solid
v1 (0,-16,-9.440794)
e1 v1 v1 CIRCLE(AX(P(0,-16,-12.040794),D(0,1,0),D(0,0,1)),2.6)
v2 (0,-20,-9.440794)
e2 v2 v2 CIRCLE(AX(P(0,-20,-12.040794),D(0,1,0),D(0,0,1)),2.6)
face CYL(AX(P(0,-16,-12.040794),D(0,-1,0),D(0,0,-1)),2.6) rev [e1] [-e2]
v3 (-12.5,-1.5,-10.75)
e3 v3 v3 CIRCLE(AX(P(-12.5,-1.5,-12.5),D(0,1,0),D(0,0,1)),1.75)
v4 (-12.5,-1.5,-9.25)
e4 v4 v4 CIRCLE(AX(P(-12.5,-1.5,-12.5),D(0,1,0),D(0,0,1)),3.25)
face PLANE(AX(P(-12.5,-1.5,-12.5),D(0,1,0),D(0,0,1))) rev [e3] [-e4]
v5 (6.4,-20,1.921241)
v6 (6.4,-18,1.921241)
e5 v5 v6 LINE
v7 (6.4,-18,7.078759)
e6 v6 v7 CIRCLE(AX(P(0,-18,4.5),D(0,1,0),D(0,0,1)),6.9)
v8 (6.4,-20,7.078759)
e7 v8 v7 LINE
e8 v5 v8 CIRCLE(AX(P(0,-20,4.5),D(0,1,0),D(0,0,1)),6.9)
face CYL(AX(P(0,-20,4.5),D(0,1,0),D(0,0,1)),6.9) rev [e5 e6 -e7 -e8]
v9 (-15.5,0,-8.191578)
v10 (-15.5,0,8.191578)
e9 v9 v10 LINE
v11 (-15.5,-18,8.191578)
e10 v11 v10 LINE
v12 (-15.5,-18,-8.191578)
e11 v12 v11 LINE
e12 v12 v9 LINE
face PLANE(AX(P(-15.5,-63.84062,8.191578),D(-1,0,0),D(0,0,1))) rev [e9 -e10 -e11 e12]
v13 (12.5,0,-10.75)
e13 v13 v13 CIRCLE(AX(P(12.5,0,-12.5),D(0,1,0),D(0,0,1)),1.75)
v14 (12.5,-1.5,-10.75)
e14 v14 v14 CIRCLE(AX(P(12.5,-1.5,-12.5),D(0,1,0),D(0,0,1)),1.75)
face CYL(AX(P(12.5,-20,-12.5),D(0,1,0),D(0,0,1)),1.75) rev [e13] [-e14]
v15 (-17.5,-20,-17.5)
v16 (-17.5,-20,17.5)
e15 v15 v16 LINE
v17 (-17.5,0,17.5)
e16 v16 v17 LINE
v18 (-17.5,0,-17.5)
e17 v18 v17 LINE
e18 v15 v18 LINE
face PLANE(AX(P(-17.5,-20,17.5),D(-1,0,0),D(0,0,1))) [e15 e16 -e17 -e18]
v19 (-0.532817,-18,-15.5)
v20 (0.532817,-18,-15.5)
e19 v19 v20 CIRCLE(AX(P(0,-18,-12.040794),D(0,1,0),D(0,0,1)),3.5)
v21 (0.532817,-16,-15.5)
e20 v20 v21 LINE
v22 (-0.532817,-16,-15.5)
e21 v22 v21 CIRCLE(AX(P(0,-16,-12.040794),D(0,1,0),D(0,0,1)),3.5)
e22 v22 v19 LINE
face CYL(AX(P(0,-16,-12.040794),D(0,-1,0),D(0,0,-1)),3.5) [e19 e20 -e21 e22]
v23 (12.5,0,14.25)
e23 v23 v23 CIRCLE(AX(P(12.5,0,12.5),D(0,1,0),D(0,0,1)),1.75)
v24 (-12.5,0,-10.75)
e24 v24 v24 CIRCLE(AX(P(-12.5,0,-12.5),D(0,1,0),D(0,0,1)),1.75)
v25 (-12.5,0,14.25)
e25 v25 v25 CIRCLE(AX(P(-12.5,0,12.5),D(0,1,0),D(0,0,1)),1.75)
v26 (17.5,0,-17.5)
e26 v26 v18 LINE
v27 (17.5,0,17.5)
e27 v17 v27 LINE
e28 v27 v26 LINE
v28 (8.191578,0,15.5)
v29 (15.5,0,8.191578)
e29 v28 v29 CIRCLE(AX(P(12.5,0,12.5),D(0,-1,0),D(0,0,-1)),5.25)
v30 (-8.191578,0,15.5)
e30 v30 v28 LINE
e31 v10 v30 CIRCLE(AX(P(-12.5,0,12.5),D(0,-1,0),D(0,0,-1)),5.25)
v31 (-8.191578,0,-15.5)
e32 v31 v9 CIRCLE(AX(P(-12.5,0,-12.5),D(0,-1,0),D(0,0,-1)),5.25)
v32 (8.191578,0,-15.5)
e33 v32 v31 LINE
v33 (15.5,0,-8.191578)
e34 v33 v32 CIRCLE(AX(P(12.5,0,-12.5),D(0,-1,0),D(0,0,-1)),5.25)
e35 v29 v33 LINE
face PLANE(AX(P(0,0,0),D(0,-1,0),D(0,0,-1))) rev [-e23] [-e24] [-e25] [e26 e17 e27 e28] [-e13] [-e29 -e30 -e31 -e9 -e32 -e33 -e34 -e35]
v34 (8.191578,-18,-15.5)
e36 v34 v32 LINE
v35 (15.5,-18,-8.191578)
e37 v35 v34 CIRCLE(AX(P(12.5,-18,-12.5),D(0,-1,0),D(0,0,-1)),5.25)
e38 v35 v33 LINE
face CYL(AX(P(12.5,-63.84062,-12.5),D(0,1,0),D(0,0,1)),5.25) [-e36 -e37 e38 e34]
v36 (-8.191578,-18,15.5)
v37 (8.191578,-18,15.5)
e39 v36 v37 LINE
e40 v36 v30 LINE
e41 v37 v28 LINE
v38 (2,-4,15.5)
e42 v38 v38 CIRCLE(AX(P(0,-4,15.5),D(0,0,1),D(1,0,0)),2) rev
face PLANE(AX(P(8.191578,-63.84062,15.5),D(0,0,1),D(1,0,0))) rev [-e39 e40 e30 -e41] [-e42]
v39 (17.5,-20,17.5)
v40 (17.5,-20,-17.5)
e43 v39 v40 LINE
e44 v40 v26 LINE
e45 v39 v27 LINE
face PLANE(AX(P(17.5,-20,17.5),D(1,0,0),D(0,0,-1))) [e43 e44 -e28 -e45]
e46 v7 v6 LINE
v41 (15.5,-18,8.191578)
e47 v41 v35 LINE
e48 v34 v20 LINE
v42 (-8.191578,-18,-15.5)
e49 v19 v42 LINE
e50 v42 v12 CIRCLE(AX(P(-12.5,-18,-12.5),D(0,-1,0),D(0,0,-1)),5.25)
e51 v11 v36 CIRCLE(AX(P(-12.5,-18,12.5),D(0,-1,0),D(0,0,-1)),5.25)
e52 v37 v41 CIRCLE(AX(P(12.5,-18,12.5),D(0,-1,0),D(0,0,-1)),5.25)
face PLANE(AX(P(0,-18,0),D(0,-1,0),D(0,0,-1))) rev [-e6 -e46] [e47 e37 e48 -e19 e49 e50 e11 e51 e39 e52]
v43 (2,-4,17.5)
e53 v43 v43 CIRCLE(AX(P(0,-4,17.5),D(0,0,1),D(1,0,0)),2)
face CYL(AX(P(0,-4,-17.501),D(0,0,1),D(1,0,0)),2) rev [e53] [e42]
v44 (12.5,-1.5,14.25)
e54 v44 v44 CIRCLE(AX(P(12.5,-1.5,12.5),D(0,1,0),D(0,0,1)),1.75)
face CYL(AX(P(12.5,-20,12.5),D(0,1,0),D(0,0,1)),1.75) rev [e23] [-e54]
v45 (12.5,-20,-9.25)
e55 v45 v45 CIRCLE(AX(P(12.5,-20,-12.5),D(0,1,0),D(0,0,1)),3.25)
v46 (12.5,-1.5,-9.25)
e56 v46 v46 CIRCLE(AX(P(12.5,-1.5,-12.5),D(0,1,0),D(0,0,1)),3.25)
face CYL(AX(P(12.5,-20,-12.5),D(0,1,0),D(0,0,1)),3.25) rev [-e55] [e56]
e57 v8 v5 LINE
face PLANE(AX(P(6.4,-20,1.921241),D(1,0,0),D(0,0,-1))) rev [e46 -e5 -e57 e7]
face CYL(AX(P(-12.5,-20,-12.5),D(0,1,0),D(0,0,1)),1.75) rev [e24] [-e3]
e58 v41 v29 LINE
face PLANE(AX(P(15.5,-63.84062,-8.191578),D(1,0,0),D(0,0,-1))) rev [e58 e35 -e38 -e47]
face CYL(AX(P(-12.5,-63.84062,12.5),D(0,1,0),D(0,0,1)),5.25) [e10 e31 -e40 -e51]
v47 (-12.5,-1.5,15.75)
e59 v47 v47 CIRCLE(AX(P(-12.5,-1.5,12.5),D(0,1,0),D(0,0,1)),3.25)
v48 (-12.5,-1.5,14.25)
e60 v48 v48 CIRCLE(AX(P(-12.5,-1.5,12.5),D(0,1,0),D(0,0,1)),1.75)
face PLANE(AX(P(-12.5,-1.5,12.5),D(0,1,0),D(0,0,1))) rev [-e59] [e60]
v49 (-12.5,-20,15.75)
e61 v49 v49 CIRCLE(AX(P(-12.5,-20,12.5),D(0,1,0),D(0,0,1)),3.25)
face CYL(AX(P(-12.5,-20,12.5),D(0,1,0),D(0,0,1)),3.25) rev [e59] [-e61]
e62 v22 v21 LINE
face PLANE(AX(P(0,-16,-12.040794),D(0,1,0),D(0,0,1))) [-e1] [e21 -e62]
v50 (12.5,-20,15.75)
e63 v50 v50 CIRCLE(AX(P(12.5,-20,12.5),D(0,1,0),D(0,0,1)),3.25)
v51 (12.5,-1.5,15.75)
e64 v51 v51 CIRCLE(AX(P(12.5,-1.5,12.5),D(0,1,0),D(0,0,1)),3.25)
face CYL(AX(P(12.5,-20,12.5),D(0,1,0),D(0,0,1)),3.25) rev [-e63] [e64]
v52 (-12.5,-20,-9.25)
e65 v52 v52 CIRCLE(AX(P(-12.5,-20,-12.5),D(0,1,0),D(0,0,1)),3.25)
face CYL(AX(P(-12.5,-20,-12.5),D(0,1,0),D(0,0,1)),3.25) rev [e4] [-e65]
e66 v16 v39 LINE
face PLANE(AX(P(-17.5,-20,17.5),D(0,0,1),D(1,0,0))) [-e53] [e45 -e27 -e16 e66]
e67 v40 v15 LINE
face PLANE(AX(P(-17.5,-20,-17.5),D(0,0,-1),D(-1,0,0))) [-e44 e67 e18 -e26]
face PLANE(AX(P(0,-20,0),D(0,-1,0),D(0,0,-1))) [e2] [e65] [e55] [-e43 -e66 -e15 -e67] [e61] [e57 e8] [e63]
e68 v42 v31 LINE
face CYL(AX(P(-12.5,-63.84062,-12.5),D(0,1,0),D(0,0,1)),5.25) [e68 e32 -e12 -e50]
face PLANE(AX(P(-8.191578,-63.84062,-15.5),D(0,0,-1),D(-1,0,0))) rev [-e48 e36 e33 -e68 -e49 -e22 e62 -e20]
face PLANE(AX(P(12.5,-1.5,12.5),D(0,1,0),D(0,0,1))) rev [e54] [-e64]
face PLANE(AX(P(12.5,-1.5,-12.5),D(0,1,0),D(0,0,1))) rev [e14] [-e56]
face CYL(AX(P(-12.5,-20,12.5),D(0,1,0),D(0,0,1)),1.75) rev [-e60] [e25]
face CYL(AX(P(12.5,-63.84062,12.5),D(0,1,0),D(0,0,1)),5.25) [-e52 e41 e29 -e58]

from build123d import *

# Parameters (mm, degrees)
SKETCH2_W           = 35
SKETCH2_H           = 35
BOSS_EXTRUDE1_DEPTH = 20
CUT_EXTRUDE1_START  = -1.5
SKETCH4_R           = 3.25
CUT_EXTRUDE1_DEPTH  = 19.5
CAVITY_DEPTH        = 18
SKETCH10_R          = 3.5
SKETCH10_R_2        = 2.6
BOSS_EXTRUDE4_DEPTH = 2
SKETCH8_R           = 1.75
M3_HOLES_DEPTH      = 21
SKETCH9_R           = 2.6
HOLESS_DEPTH        = 3
CUT_EXTRUDE8_REACH  = 37
SKETCH12_R          = 2


with BuildPart() as part:
    # Sketch2 → Boss-Extrude1 (new body)
    with BuildSketch(Plane(origin=(0, 0, 0), x_dir=(1, 0, 0), z_dir=(0, 1, 0))):
        Rectangle(SKETCH2_W, SKETCH2_H)
    extrude(amount=-BOSS_EXTRUDE1_DEPTH)

    # Sketch4 → Cut-Extrude1 (cut, through all)
    with BuildSketch(Plane(origin=(0, 0, 0), x_dir=(1, 0, 0), z_dir=(0, 1, 0)).offset(CUT_EXTRUDE1_START)):
        with Locations((-12.5, 12.5)):
            Circle(SKETCH4_R)
        with Locations((12.5, 12.5)):
            Circle(SKETCH4_R)
        with Locations((-12.5, -12.5)):
            Circle(SKETCH4_R)
        with Locations((12.5, -12.5)):
            Circle(SKETCH4_R)
    extrude(amount=-CUT_EXTRUDE1_DEPTH, mode=Mode.SUBTRACT)

    # Sketch5 → cavity (cut)
    with BuildSketch(Plane(origin=(0, 0, 0), x_dir=(1, 0, 0), z_dir=(0, 1, 0))):
        with BuildLine():
            Line((-8.191578015, 15.5), (0, 15.5))
            Line((0, 15.5), (8.191578015, 15.5))
            ThreePointArc((8.191578015, 15.5), (8.787689399, 8.787689399), (15.5, 8.191578015))
            Line((15.5, 8.191578015), (15.5, 0))
            Line((15.5, 0), (15.5, -8.191578015))
            ThreePointArc((15.5, -8.191578015), (8.787689399, -8.787689399), (8.191578015, -15.5))
            Line((8.191578015, -15.5), (0, -15.5))
            Line((0, -15.5), (-8.191578015, -15.5))
            ThreePointArc((-8.191578015, -15.5), (-8.787689399, -8.787689399), (-15.5, -8.191578015))
            Line((-15.5, -8.191578015), (-15.5, 0))
            Line((-15.5, 0), (-15.5, 8.191578015))
            ThreePointArc((-15.5, 8.191578015), (-8.787689399, 8.787689399), (-8.191578015, 15.5))
        make_face()
    extrude(amount=-CAVITY_DEPTH, mode=Mode.SUBTRACT)

    # Sketch10 → Boss-Extrude4 (add)
    with BuildSketch(Plane(origin=(0, -18, 0), x_dir=(1, 0, 0), z_dir=(0, 1, 0))):
        with Locations((0, 12.040793939)):
            Circle(SKETCH10_R)
        with Locations((0, 12.040793939)):
            Circle(SKETCH10_R_2, mode=Mode.SUBTRACT)
    extrude(amount=BOSS_EXTRUDE4_DEPTH)

    # Sketch8 (on Top Plane) → M3 holes (cut, through all)
    with BuildSketch(Plane(origin=(0, 0, 0), x_dir=(1, 0, 0), z_dir=(0, 1, 0))):
        with Locations((-12.5, 12.5)):
            Circle(SKETCH8_R)
        with Locations((12.5, 12.5)):
            Circle(SKETCH8_R)
        with Locations((12.5, -12.5)):
            Circle(SKETCH8_R)
        with Locations((-12.5, -12.5)):
            Circle(SKETCH8_R)
    extrude(amount=-M3_HOLES_DEPTH, mode=Mode.SUBTRACT)

    # Sketch9 → holess (cut, through all)
    with BuildSketch(Plane(origin=(0, -18, 0), x_dir=(1, 0, 0), z_dir=(0, 1, 0))):
        with Locations((0, 12.040793939)):
            Circle(SKETCH9_R)
        with BuildLine():
            Line((6.4, -1.921240608), (6.4, -7.078759392))
            ThreePointArc((6.4, -7.078759392), (-6.9, -4.5), (6.4, -1.921240608))
        make_face()
    extrude(amount=-HOLESS_DEPTH, mode=Mode.SUBTRACT)

    # Sketch12 → Cut-Extrude8 (cut, up to next)
    with BuildSketch(Plane.XY.offset(17.5), mode=Mode.PRIVATE) as cut_extrude8_sk1:
        with Locations((0, -4)):
            Circle(SKETCH12_R)
    cut_extrude8_tool1 = extrude(cut_extrude8_sk1.sketch, amount=-CUT_EXTRUDE8_REACH, mode=Mode.PRIVATE) & part.part
    add(cut_extrude8_tool1.solids().sort_by_distance((0, -4, 17.5))[0], mode=Mode.SUBTRACT)


solid = part.part
